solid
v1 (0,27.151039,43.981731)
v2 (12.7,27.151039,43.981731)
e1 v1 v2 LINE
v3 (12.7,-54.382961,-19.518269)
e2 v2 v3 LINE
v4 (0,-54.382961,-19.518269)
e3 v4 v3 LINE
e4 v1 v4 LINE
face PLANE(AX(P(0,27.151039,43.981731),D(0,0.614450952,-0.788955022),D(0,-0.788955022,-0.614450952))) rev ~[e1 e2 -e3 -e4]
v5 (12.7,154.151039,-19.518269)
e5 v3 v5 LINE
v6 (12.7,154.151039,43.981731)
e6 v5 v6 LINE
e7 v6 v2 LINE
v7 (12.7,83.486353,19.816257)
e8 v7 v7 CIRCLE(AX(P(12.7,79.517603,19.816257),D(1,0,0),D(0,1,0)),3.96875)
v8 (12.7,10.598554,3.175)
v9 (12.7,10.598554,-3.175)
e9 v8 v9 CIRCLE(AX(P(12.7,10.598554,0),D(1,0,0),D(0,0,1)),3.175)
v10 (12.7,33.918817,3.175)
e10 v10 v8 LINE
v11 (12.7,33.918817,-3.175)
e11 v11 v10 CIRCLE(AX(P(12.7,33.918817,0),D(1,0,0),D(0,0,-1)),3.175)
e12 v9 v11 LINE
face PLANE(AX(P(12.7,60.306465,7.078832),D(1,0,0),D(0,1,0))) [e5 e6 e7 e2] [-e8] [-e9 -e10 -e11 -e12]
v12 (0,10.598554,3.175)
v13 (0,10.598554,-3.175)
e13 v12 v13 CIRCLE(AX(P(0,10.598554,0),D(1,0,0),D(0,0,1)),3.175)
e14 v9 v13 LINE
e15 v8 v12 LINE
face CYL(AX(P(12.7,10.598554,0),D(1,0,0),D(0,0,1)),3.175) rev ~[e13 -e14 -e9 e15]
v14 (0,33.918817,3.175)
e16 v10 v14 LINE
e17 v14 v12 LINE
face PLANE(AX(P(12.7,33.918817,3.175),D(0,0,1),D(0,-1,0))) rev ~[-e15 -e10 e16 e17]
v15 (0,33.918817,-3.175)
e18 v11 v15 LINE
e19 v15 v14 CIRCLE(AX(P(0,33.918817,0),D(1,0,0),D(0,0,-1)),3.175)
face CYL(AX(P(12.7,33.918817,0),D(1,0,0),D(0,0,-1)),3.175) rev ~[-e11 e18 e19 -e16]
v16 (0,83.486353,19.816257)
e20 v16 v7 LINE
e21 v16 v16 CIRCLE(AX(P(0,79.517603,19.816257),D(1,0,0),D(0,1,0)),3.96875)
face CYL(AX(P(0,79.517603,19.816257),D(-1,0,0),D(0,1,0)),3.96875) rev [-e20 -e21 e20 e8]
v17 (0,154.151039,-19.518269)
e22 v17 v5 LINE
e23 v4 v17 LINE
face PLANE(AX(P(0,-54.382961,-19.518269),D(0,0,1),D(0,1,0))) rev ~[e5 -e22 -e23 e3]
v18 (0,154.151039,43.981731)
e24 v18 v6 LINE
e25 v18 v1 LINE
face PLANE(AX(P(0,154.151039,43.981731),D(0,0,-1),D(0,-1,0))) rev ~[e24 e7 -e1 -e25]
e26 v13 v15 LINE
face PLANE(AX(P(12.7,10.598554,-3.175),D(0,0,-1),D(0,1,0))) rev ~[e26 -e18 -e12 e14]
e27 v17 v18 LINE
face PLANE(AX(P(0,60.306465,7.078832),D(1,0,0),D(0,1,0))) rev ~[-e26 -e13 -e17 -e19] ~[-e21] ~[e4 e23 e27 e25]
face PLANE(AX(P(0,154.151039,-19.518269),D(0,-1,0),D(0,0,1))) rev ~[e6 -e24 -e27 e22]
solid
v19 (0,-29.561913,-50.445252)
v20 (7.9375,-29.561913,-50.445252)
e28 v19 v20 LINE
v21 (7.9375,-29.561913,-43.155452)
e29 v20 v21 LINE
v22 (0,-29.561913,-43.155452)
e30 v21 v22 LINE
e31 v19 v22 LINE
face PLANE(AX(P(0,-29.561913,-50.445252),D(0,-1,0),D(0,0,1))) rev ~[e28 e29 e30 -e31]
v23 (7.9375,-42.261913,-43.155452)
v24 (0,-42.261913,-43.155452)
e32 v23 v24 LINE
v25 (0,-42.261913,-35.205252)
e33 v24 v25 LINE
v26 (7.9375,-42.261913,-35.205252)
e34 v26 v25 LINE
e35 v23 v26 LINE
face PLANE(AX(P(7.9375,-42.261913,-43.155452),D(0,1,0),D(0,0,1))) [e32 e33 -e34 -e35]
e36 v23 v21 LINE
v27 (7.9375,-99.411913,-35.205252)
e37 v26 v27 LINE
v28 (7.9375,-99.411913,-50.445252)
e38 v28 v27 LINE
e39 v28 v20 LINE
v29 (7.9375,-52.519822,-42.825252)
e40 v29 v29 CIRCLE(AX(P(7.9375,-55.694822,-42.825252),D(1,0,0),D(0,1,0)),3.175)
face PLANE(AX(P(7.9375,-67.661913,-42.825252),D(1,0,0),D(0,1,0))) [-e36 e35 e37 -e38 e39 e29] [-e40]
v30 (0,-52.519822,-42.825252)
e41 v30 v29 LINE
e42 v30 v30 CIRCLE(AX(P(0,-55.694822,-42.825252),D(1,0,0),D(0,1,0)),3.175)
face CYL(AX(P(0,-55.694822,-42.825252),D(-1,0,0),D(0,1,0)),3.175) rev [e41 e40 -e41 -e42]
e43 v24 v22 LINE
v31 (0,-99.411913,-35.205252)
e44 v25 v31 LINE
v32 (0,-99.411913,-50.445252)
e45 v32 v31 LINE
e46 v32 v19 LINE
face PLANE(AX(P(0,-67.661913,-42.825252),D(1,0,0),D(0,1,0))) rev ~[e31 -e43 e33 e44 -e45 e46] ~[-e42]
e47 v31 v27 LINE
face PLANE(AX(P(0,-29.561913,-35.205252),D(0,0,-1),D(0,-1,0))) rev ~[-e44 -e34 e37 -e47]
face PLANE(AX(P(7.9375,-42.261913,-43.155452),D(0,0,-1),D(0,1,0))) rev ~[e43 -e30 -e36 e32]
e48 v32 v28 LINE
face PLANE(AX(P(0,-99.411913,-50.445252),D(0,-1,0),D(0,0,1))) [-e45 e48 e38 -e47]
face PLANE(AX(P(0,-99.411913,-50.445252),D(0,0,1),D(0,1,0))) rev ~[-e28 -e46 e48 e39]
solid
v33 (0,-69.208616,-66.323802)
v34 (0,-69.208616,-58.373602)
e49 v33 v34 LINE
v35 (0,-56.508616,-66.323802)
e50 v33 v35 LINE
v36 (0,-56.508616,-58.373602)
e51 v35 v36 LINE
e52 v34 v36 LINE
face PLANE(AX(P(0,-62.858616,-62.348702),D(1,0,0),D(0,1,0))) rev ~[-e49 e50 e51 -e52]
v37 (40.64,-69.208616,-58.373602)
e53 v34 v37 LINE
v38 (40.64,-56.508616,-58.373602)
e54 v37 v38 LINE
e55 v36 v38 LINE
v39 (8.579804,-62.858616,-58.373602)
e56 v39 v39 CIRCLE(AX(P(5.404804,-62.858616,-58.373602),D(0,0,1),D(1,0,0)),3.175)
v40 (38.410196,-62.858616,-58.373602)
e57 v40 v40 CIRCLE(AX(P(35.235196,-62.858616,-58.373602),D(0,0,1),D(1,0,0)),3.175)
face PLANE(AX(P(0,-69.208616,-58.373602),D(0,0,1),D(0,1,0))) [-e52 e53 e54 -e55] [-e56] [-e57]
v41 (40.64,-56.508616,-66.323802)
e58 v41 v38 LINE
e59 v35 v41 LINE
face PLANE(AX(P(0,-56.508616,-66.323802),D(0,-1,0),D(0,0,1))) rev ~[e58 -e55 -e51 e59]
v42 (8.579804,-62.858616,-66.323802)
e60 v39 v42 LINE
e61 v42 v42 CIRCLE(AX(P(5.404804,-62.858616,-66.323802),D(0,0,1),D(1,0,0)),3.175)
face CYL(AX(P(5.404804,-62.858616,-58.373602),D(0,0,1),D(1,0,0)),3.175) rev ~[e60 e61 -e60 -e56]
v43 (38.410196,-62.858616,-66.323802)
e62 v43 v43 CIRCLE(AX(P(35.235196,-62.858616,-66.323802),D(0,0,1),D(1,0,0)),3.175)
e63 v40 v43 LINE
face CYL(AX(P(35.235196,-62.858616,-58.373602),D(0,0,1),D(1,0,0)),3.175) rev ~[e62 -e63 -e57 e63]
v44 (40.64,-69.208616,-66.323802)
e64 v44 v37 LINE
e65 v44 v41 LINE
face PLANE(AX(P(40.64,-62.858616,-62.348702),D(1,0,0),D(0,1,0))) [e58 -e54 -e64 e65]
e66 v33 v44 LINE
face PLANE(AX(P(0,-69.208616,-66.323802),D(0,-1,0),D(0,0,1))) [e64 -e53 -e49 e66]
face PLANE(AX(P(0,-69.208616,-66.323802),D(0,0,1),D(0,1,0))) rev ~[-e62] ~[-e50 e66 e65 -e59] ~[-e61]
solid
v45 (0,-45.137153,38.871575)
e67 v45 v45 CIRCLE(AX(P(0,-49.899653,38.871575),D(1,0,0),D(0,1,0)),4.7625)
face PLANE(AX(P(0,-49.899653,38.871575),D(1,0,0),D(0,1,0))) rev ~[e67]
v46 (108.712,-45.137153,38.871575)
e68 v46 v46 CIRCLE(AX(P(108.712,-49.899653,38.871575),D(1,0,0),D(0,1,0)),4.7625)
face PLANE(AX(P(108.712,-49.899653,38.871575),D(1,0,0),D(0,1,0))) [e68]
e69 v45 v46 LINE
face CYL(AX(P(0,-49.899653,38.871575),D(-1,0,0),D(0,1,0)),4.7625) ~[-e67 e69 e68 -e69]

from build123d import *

# Parameters (mm, degrees)
F0_R      = 3.96875
F1_DEPTH  = 12.7
F2_W      = 101.6
F2_H      = 7.9375
F3_DEPTH  = 42.418
F4_R      = 4.7625
F5_DEPTH  = 108.712
F7_DEPTH  = 12.7
F9_W      = 63.5
F9_H      = 15.24
F9_R      = 3.175
F9_W_2    = 6.35
F10_DEPTH = 7.9375
F11_W     = 12.7
F11_H     = 7.9502
F12_DEPTH = 40.64
F13_W     = 12.7
F13_H     = 7.9502
F14_DEPTH = 7.9385
F15_R     = 3.175
F16_DEPTH = 7.9512


with BuildPart() as f1:
    # F0 (on Right) → F1 (new body)
    with BuildSketch(Plane.YZ):
        Polygon((27.151039, 43.981731), (-54.382961, -19.518269), (154.151039, -19.518269), (154.151039, 43.981731), align=None)
        with Locations((79.517603, 19.816257)):
            Circle(F0_R, mode=Mode.SUBTRACT)
    extrude(amount=F1_DEPTH)

    # F6 (on face) → F7 (cut, through all)
    with BuildSketch(Plane.YZ.offset(12.7)):
        with BuildLine():
            Line((33.918817, 3.175), (10.598554, 3.175))
            ThreePointArc((10.598554, 3.175), (7.423554, 0), (10.598554, -3.175))
            Line((10.598554, -3.175), (33.918817, -3.175))
            ThreePointArc((33.918817, -3.175), (37.093817, 0), (33.918817, 3.175))
        make_face()
    extrude(amount=-F7_DEPTH, mode=Mode.SUBTRACT)


with BuildPart() as f3:
    # F2 (on Right) → F3 (new body)
    with BuildSketch(Plane.YZ):
        with Locations((25.378721, -45.944377)):
            Rectangle(F2_W, F2_H)
    extrude(amount=F3_DEPTH)


with BuildPart() as f5:
    # F4 (on Right) → F5 (new body)
    with BuildSketch(Plane.YZ):
        with Locations((-49.899653, 38.871575)):
            Circle(F4_R)
    extrude(amount=F5_DEPTH)


with BuildPart() as f10:
    # F9 (on Right) → F10 (new body)
    with BuildSketch(Plane.YZ):
        with Locations((-67.661913, -42.825252)):
            Rectangle(F9_W, F9_H)
        with Locations((-55.694822, -42.825252)):
            Circle(F9_R, mode=Mode.SUBTRACT)
        with Locations((-32.736913, -42.825252)):
            Rectangle(F9_W_2, F9_H)
    extrude(amount=F10_DEPTH)

    # F13 (on face) → F14 (cut, through all)
    with BuildSketch(Plane.YZ.offset(7.9375)):
        with Locations((-35.911913, -39.180352)):
            Rectangle(F13_W, F13_H)
    extrude(amount=-F14_DEPTH, mode=Mode.SUBTRACT)


with BuildPart() as f12:
    # F11 (on Right) → F12 (new body)
    with BuildSketch(Plane.YZ):
        with Locations((-62.858616, -62.348702)):
            Rectangle(F11_W, F11_H)
    extrude(amount=F12_DEPTH)

    # F15 (on face) → F16 (cut, through all)
    with BuildSketch(Plane.XY.offset(-58.373602)):
        with Locations((35.235196, -62.858616)):
            Circle(F15_R)
        with Locations((5.404804, -62.858616)):
            Circle(F15_R)
    extrude(amount=-F16_DEPTH, mode=Mode.SUBTRACT)


solid = Compound([f1.part, f5.part, f10.part, f12.part])
